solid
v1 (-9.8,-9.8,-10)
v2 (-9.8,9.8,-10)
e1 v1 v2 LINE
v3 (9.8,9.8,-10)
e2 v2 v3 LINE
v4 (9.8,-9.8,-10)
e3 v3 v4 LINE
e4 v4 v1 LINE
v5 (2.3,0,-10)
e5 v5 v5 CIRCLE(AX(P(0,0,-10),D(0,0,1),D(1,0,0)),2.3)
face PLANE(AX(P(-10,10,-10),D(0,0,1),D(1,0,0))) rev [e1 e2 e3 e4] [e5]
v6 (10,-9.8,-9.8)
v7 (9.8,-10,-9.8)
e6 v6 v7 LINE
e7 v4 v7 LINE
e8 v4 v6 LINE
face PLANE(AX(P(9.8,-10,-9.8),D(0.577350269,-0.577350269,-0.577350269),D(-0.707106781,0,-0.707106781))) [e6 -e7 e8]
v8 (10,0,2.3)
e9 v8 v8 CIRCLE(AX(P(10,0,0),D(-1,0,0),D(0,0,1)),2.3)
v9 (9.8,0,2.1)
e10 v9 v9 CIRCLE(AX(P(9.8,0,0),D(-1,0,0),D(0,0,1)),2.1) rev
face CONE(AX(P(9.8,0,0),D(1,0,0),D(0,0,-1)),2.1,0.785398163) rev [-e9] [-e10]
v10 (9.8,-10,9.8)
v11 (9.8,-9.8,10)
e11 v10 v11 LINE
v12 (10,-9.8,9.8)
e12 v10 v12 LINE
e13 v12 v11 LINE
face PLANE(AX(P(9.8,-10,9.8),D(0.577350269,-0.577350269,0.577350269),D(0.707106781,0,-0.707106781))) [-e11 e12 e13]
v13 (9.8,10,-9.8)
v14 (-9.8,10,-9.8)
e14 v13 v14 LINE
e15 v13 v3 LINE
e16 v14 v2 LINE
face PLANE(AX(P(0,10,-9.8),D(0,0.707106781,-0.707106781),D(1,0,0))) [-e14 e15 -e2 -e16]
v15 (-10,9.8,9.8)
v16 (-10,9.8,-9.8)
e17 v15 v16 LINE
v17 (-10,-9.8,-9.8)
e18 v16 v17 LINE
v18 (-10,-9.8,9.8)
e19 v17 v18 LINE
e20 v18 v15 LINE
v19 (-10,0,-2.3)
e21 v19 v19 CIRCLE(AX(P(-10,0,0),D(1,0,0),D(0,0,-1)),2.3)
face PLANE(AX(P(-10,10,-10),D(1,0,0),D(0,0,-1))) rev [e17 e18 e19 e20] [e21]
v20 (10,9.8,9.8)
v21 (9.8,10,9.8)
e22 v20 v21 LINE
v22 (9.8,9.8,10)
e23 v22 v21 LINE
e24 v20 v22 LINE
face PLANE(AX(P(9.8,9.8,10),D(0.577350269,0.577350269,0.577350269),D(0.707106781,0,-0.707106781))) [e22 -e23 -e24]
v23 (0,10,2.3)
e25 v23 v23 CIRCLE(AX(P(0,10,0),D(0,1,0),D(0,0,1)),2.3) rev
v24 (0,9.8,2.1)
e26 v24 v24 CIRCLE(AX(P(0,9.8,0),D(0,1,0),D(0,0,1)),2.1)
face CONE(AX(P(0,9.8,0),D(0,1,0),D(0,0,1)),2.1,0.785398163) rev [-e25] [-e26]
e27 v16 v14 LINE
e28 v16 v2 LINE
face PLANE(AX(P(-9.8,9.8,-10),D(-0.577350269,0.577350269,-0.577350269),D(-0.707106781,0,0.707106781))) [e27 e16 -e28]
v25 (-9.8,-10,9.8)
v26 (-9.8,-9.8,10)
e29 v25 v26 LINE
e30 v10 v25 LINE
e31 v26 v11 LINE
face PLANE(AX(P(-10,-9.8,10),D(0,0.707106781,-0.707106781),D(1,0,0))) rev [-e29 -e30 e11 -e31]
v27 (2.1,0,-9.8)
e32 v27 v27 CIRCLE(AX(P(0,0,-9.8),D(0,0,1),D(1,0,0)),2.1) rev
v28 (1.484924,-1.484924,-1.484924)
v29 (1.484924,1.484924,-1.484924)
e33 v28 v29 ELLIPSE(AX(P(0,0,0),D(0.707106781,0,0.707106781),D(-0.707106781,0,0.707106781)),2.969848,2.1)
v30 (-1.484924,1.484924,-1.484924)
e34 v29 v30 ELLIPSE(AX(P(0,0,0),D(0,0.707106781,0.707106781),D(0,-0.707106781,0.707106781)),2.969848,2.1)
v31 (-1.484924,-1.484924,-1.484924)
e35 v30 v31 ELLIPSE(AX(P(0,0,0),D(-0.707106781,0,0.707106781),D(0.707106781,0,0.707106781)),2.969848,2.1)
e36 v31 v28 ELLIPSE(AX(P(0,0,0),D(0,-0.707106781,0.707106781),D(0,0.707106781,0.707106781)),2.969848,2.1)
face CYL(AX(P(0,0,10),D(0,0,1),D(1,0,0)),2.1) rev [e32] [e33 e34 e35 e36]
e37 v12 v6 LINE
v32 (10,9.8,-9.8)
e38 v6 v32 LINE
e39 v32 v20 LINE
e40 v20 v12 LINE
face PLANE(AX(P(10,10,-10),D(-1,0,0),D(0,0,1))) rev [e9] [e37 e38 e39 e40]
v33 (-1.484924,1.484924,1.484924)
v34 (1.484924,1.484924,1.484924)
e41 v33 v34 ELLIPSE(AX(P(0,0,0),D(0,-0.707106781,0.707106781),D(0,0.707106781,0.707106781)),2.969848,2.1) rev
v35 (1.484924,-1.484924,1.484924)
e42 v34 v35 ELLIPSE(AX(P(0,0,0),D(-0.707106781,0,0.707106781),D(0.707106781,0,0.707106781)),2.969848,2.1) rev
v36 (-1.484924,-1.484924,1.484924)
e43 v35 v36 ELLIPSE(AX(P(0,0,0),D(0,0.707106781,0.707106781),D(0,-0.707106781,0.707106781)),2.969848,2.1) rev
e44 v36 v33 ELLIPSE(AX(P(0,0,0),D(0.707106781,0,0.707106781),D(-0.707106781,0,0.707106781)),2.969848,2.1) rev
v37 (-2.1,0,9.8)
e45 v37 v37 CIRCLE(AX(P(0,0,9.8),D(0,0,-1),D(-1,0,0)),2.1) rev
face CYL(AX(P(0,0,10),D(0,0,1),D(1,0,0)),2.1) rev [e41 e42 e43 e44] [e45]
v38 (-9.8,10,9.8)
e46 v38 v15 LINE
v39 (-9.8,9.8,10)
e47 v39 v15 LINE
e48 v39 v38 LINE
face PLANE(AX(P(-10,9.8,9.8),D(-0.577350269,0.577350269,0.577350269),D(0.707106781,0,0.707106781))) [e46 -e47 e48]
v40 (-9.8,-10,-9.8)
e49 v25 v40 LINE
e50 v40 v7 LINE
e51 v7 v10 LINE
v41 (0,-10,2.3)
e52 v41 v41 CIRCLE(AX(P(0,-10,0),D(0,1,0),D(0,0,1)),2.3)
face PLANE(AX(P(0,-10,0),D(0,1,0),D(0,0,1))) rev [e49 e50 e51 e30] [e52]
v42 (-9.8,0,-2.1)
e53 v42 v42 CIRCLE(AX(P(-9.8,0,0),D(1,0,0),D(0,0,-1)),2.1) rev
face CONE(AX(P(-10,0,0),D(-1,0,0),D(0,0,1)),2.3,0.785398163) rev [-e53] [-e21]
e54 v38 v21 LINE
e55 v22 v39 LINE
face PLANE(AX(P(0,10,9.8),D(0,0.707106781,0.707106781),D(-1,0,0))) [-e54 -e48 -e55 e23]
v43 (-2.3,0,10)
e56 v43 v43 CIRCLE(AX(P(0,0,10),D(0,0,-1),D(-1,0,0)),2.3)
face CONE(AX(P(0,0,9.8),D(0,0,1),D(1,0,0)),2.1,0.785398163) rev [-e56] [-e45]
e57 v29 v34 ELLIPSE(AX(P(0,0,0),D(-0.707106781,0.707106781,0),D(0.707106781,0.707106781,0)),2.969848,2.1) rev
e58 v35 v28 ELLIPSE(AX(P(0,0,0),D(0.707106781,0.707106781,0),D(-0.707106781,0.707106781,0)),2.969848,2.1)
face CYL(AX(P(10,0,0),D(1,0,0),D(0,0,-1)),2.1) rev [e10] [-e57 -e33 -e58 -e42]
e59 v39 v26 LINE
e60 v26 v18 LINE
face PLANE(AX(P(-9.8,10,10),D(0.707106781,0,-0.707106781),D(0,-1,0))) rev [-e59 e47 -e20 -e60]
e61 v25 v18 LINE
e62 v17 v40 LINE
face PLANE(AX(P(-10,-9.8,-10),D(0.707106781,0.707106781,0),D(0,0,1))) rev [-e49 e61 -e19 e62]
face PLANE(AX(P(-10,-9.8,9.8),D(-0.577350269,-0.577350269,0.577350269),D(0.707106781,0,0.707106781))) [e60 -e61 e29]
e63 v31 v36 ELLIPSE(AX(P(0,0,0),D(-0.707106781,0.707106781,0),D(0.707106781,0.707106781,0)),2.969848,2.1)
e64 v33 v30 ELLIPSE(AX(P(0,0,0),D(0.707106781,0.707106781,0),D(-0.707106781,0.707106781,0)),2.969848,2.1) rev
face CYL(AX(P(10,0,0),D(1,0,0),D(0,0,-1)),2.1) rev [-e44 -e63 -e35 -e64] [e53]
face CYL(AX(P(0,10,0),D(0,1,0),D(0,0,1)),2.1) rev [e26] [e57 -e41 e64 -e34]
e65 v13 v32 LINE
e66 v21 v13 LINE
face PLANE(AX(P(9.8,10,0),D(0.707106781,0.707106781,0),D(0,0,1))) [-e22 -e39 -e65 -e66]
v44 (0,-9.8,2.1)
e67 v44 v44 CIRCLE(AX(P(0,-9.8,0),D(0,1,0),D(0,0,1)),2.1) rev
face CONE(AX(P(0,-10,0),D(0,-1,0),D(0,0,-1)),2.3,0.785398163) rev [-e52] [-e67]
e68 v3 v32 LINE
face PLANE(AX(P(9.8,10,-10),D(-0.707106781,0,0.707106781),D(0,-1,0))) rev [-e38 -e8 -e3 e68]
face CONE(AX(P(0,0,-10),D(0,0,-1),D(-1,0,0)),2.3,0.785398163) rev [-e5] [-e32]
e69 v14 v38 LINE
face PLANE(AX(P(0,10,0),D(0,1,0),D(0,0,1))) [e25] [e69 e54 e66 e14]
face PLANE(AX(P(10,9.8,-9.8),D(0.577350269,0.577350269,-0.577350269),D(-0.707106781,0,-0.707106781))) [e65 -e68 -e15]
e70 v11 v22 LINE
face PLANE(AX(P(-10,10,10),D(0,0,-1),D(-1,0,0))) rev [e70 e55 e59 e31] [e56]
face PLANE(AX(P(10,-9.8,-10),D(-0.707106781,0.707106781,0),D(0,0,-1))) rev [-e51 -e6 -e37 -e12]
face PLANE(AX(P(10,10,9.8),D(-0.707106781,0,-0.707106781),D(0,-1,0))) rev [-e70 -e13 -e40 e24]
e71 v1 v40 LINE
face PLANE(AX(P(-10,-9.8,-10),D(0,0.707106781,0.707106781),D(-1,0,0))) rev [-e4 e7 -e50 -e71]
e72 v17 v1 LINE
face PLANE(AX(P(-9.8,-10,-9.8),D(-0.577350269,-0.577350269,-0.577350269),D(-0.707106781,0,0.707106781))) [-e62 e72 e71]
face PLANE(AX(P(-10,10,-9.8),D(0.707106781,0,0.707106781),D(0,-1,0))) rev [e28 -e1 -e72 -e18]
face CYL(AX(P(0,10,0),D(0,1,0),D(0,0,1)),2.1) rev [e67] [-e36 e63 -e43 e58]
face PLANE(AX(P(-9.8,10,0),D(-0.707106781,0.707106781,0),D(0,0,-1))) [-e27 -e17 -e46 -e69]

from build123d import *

# Parameters (mm, degrees)
SKETCH_1_W         = 20
SKETCH_1_H         = 20
EXTRUDE_1_DEPTH    = 10
HOLE_WIZARD_M5_1_D = 4.2
HOLE_WIZARD_M5_2_D = 4.2
HOLE_WIZARD_M5_3_D = 4.2
CHAMFER_1_SIZE     = 0.2


with BuildPart() as part:
    # 草图1 → 凸台-拉伸1 (new, symmetric)
    with BuildSketch(Plane(origin=(0, 0, 0), x_dir=(1, 0, 0), z_dir=(0, 1, 0))):
        Rectangle(SKETCH_1_W, SKETCH_1_H)
    extrude(amount=EXTRUDE_1_DEPTH, both=True)

    # M5 螺纹孔1 (through all)
    with Locations(Plane.XY.offset(10)):
        with Locations((0, 0)):
            Hole(HOLE_WIZARD_M5_1_D / 2)

    # M5 螺纹孔2 (through all)
    with Locations(Plane(origin=(0, 10, 0), x_dir=(1, 0, 0), z_dir=(0, 1, 0))):
        with Locations((0, 0)):
            Hole(HOLE_WIZARD_M5_2_D / 2)

    # M5 螺纹孔3 (through all)
    with Locations(Plane(origin=(10, 0, 0), x_dir=(0, 0, -1), z_dir=(1, 0, 0))):
        with Locations((0, 0)):
            Hole(HOLE_WIZARD_M5_3_D / 2)

    # 倒角1
    chamfer_1_edges = [part.edges().sort_by_distance(p)[0] for p in [
        (-10, 10, 0),
        (2.1, 0, 10),
        (2.1, 0, -10),
        (0, 10, 10),
        (2.1, -10, 0),
        (2.1, 10, 0),
        (-10, 0, -2.1),
        (10, 0, -2.1),
        (10, 10, 0),
        (0, -10, 10),
        (-10, -10, 0),
        (0, -10, -10),
        (10, -10, 0),
        (10, 0, 10),
        (-10, 0, 10),
        (-10, 0, -10),
        (10, 0, -10),
        (0, 10, -10),
    ]]
    chamfer(chamfer_1_edges, length=CHAMFER_1_SIZE)


solid = part.part
